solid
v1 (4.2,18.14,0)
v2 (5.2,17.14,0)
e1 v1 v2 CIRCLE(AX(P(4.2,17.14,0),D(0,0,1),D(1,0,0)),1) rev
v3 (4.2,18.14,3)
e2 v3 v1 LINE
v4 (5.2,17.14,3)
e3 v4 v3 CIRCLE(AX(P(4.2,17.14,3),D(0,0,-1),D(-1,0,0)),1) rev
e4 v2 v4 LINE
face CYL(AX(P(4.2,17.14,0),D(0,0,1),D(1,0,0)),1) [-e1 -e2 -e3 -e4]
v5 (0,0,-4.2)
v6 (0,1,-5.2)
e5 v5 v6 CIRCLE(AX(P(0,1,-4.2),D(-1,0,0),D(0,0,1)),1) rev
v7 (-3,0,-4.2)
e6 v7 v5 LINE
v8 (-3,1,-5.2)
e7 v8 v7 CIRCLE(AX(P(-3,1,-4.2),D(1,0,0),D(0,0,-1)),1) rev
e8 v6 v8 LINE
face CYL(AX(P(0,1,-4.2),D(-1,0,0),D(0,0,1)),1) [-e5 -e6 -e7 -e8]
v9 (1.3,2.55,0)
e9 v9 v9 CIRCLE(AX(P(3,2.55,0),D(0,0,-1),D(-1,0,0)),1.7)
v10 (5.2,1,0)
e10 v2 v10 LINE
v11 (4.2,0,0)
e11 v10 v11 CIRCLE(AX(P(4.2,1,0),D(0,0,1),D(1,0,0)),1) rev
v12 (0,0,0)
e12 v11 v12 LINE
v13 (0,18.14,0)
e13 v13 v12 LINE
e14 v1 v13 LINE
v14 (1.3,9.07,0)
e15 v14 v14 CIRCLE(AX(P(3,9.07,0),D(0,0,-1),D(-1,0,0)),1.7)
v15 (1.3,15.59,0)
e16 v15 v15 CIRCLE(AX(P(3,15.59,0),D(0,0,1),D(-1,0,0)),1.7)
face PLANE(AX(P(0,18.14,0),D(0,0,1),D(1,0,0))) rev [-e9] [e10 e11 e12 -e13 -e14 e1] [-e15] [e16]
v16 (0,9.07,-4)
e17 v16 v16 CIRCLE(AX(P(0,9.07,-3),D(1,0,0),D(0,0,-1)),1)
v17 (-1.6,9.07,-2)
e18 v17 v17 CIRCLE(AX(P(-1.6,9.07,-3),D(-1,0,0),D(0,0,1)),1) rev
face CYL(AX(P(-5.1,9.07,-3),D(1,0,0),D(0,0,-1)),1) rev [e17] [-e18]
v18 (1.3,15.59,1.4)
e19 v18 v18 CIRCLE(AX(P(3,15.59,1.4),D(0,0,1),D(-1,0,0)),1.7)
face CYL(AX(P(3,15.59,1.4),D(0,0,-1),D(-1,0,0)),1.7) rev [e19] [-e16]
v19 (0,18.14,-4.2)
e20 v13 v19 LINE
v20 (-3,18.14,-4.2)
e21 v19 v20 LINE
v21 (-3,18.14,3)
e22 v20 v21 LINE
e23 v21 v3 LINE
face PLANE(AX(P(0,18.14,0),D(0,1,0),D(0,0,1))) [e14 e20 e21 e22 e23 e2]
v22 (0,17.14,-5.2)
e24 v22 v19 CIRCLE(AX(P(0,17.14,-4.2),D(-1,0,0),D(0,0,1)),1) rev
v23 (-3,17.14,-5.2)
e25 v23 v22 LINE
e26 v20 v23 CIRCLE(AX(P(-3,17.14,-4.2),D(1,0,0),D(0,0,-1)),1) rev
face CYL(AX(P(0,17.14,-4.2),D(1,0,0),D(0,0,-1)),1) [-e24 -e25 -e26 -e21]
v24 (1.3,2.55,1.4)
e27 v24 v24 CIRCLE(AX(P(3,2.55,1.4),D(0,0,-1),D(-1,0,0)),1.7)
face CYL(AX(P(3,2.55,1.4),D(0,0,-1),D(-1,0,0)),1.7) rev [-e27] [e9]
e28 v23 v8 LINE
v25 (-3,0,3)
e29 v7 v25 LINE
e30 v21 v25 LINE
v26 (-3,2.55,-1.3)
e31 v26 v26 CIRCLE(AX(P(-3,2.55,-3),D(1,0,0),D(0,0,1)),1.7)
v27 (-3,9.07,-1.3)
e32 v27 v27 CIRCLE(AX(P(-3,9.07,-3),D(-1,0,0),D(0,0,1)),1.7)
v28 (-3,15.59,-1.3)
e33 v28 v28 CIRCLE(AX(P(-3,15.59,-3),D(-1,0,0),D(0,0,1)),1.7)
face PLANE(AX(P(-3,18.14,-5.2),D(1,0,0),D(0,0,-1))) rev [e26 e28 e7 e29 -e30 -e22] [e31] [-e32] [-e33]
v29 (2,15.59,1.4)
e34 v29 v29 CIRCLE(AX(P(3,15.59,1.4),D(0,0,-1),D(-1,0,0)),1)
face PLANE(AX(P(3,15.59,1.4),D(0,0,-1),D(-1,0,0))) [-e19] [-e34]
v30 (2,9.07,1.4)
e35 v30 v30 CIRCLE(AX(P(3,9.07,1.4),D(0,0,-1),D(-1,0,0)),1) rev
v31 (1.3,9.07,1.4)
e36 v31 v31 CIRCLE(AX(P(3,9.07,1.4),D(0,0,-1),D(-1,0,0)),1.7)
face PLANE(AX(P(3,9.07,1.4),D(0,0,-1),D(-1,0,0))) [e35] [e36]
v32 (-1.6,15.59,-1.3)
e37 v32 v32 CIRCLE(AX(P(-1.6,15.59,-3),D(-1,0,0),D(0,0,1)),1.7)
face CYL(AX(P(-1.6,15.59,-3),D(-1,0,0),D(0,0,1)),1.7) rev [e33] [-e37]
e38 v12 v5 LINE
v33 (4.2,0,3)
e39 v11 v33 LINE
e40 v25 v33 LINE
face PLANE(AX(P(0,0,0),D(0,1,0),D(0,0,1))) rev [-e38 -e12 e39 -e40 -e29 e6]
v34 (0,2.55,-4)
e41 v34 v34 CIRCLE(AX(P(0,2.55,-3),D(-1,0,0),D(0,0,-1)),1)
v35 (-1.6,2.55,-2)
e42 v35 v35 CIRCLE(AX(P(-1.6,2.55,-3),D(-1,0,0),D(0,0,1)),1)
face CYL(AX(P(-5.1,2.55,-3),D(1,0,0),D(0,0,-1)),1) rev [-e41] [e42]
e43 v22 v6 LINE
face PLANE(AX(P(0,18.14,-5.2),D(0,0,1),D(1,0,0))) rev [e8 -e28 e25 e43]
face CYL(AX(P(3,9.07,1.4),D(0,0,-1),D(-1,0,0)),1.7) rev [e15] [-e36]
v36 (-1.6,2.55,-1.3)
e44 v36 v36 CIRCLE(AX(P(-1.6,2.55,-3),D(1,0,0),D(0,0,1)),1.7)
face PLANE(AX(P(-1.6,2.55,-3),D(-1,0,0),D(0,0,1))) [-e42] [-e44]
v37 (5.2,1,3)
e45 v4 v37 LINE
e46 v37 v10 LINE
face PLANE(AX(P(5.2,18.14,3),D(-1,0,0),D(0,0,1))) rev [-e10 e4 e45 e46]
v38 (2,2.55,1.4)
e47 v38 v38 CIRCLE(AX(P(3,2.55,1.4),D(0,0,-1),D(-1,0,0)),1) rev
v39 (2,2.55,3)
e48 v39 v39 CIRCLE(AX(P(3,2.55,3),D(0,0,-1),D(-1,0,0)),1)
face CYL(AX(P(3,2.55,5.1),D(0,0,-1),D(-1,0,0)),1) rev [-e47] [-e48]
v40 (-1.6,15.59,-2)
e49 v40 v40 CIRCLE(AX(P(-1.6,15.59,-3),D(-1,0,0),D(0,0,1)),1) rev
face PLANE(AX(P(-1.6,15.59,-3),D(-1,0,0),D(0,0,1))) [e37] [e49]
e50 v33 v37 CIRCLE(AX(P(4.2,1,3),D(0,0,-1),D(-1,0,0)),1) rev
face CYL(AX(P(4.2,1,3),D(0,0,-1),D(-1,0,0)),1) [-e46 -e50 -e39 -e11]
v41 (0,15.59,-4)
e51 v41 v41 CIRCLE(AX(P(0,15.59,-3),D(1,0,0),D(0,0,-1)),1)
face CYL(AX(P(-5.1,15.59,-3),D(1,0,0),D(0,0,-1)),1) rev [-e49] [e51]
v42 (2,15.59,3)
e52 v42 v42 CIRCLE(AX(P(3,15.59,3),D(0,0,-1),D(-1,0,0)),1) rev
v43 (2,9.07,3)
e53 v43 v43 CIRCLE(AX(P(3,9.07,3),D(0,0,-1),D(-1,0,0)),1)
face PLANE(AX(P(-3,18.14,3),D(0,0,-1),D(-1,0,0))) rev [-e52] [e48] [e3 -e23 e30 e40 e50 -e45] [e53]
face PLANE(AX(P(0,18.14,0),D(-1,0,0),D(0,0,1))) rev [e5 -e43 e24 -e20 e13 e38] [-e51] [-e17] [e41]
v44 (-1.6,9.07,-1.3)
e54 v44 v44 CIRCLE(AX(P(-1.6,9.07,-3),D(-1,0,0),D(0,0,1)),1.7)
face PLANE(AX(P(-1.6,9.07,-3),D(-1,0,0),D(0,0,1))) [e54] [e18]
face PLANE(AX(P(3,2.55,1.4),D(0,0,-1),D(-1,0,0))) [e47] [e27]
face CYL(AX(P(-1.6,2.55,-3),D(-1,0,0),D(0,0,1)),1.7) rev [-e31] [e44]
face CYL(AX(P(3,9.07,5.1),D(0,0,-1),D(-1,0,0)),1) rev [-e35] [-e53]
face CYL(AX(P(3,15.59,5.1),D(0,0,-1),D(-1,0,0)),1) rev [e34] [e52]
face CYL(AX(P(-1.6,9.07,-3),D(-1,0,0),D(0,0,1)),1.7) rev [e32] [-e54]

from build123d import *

# Parameters (mm, degrees)
BOSS_EXTRUDE1_DEPTH = 18.14
FILLET1_R           = 1
SKETCH3_R           = 1
CUT_EXTRUDE1_DEPTH  = 5.1
SKETCH4_R           = 1
CUT_EXTRUDE2_DEPTH  = 5.1
SKETCH5_R           = 1.7
CUT_EXTRUDE3_DEPTH  = 1.4
SKETCH6_R           = 1.7
CUT_EXTRUDE4_DEPTH  = 1.4
LPATTERN1_COUNT     = 2
LPATTERN1_PITCH     = 6.52
LPATTERN2_COUNT     = 2
LPATTERN2_PITCH     = 6.52


with BuildPart() as part:
    # Sketch1 → Boss-Extrude1 (new body)
    with BuildSketch(Plane(origin=(0, 0, 0), x_dir=(1, 0, 0), z_dir=(0, 1, 0))):
        Polygon((0, 0), (0, 5.2), (-3, 5.2), (-3, -3), (5.2, -3), (5.2, 0), align=None)
    extrude(amount=BOSS_EXTRUDE1_DEPTH)

    # Fillet1
    fillet1_edges = [part.edges().sort_by_distance(p)[0] for p in [
        (-1.5, 18.14, -5.2),
        (5.2, 18.14, 1.5),
        (5.2, 0, 1.5),
        (-1.5, 0, -5.2),
    ]]
    fillet(fillet1_edges, radius=FILLET1_R)

    # Sketch3 → Cut-Extrude1 (cut)
    with BuildSketch(Plane(origin=(0, 0, 0), x_dir=(0, 0, -1), z_dir=(1, 0, 0))):
        with Locations((3, 15.59)):
            Circle(SKETCH3_R)
    cut_extrude1 = extrude(amount=-CUT_EXTRUDE1_DEPTH, mode=Mode.SUBTRACT)

    # Sketch4 → Cut-Extrude2 (cut)
    with BuildSketch(Plane(origin=(0, 0, 0), x_dir=(-1, 0, 0), z_dir=(0, 0, -1))):
        with Locations((-3, 2.55)):
            Circle(SKETCH4_R)
    cut_extrude2 = extrude(amount=-CUT_EXTRUDE2_DEPTH, mode=Mode.SUBTRACT)

    # Sketch5 → Cut-Extrude3 (cut)
    with BuildSketch(Plane(origin=(0, 0, 0), x_dir=(-1, 0, 0), z_dir=(0, 0, -1))):
        with Locations((-3, 2.55)):
            Circle(SKETCH5_R)
    cut_extrude3 = extrude(amount=-CUT_EXTRUDE3_DEPTH, mode=Mode.SUBTRACT)

    # Sketch6 → Cut-Extrude4 (cut)
    with BuildSketch(Plane.ZY.offset(3)):
        with Locations((-3, 15.59)):
            Circle(SKETCH6_R)
    cut_extrude4 = extrude(amount=-CUT_EXTRUDE4_DEPTH, mode=Mode.SUBTRACT)

    # Mirror2: Cut-Extrude1, Cut-Extrude2, Cut-Extrude3, Cut-Extrude4 across plane
    add(cut_extrude1.mirror(Plane.ZX.offset(9.07)), mode=Mode.SUBTRACT)
    add(cut_extrude2.mirror(Plane.ZX.offset(9.07)), mode=Mode.SUBTRACT)
    add(cut_extrude3.mirror(Plane.ZX.offset(9.07)), mode=Mode.SUBTRACT)
    add(cut_extrude4.mirror(Plane.ZX.offset(9.07)), mode=Mode.SUBTRACT)

    # LPattern1: Cut-Extrude1, Cut-Extrude4 ×2
    with Locations(*[(0, -i * LPATTERN1_PITCH, 0) for i in range(1, LPATTERN1_COUNT)]):
        add(cut_extrude1, mode=Mode.SUBTRACT)
        add(cut_extrude4, mode=Mode.SUBTRACT)

    # LPattern2: Cut-Extrude2, Cut-Extrude3 ×2
    with Locations(*[(0, i * LPATTERN2_PITCH, 0) for i in range(1, LPATTERN2_COUNT)]):
        add(cut_extrude2, mode=Mode.SUBTRACT)
        add(cut_extrude3, mode=Mode.SUBTRACT)


solid = part.part
